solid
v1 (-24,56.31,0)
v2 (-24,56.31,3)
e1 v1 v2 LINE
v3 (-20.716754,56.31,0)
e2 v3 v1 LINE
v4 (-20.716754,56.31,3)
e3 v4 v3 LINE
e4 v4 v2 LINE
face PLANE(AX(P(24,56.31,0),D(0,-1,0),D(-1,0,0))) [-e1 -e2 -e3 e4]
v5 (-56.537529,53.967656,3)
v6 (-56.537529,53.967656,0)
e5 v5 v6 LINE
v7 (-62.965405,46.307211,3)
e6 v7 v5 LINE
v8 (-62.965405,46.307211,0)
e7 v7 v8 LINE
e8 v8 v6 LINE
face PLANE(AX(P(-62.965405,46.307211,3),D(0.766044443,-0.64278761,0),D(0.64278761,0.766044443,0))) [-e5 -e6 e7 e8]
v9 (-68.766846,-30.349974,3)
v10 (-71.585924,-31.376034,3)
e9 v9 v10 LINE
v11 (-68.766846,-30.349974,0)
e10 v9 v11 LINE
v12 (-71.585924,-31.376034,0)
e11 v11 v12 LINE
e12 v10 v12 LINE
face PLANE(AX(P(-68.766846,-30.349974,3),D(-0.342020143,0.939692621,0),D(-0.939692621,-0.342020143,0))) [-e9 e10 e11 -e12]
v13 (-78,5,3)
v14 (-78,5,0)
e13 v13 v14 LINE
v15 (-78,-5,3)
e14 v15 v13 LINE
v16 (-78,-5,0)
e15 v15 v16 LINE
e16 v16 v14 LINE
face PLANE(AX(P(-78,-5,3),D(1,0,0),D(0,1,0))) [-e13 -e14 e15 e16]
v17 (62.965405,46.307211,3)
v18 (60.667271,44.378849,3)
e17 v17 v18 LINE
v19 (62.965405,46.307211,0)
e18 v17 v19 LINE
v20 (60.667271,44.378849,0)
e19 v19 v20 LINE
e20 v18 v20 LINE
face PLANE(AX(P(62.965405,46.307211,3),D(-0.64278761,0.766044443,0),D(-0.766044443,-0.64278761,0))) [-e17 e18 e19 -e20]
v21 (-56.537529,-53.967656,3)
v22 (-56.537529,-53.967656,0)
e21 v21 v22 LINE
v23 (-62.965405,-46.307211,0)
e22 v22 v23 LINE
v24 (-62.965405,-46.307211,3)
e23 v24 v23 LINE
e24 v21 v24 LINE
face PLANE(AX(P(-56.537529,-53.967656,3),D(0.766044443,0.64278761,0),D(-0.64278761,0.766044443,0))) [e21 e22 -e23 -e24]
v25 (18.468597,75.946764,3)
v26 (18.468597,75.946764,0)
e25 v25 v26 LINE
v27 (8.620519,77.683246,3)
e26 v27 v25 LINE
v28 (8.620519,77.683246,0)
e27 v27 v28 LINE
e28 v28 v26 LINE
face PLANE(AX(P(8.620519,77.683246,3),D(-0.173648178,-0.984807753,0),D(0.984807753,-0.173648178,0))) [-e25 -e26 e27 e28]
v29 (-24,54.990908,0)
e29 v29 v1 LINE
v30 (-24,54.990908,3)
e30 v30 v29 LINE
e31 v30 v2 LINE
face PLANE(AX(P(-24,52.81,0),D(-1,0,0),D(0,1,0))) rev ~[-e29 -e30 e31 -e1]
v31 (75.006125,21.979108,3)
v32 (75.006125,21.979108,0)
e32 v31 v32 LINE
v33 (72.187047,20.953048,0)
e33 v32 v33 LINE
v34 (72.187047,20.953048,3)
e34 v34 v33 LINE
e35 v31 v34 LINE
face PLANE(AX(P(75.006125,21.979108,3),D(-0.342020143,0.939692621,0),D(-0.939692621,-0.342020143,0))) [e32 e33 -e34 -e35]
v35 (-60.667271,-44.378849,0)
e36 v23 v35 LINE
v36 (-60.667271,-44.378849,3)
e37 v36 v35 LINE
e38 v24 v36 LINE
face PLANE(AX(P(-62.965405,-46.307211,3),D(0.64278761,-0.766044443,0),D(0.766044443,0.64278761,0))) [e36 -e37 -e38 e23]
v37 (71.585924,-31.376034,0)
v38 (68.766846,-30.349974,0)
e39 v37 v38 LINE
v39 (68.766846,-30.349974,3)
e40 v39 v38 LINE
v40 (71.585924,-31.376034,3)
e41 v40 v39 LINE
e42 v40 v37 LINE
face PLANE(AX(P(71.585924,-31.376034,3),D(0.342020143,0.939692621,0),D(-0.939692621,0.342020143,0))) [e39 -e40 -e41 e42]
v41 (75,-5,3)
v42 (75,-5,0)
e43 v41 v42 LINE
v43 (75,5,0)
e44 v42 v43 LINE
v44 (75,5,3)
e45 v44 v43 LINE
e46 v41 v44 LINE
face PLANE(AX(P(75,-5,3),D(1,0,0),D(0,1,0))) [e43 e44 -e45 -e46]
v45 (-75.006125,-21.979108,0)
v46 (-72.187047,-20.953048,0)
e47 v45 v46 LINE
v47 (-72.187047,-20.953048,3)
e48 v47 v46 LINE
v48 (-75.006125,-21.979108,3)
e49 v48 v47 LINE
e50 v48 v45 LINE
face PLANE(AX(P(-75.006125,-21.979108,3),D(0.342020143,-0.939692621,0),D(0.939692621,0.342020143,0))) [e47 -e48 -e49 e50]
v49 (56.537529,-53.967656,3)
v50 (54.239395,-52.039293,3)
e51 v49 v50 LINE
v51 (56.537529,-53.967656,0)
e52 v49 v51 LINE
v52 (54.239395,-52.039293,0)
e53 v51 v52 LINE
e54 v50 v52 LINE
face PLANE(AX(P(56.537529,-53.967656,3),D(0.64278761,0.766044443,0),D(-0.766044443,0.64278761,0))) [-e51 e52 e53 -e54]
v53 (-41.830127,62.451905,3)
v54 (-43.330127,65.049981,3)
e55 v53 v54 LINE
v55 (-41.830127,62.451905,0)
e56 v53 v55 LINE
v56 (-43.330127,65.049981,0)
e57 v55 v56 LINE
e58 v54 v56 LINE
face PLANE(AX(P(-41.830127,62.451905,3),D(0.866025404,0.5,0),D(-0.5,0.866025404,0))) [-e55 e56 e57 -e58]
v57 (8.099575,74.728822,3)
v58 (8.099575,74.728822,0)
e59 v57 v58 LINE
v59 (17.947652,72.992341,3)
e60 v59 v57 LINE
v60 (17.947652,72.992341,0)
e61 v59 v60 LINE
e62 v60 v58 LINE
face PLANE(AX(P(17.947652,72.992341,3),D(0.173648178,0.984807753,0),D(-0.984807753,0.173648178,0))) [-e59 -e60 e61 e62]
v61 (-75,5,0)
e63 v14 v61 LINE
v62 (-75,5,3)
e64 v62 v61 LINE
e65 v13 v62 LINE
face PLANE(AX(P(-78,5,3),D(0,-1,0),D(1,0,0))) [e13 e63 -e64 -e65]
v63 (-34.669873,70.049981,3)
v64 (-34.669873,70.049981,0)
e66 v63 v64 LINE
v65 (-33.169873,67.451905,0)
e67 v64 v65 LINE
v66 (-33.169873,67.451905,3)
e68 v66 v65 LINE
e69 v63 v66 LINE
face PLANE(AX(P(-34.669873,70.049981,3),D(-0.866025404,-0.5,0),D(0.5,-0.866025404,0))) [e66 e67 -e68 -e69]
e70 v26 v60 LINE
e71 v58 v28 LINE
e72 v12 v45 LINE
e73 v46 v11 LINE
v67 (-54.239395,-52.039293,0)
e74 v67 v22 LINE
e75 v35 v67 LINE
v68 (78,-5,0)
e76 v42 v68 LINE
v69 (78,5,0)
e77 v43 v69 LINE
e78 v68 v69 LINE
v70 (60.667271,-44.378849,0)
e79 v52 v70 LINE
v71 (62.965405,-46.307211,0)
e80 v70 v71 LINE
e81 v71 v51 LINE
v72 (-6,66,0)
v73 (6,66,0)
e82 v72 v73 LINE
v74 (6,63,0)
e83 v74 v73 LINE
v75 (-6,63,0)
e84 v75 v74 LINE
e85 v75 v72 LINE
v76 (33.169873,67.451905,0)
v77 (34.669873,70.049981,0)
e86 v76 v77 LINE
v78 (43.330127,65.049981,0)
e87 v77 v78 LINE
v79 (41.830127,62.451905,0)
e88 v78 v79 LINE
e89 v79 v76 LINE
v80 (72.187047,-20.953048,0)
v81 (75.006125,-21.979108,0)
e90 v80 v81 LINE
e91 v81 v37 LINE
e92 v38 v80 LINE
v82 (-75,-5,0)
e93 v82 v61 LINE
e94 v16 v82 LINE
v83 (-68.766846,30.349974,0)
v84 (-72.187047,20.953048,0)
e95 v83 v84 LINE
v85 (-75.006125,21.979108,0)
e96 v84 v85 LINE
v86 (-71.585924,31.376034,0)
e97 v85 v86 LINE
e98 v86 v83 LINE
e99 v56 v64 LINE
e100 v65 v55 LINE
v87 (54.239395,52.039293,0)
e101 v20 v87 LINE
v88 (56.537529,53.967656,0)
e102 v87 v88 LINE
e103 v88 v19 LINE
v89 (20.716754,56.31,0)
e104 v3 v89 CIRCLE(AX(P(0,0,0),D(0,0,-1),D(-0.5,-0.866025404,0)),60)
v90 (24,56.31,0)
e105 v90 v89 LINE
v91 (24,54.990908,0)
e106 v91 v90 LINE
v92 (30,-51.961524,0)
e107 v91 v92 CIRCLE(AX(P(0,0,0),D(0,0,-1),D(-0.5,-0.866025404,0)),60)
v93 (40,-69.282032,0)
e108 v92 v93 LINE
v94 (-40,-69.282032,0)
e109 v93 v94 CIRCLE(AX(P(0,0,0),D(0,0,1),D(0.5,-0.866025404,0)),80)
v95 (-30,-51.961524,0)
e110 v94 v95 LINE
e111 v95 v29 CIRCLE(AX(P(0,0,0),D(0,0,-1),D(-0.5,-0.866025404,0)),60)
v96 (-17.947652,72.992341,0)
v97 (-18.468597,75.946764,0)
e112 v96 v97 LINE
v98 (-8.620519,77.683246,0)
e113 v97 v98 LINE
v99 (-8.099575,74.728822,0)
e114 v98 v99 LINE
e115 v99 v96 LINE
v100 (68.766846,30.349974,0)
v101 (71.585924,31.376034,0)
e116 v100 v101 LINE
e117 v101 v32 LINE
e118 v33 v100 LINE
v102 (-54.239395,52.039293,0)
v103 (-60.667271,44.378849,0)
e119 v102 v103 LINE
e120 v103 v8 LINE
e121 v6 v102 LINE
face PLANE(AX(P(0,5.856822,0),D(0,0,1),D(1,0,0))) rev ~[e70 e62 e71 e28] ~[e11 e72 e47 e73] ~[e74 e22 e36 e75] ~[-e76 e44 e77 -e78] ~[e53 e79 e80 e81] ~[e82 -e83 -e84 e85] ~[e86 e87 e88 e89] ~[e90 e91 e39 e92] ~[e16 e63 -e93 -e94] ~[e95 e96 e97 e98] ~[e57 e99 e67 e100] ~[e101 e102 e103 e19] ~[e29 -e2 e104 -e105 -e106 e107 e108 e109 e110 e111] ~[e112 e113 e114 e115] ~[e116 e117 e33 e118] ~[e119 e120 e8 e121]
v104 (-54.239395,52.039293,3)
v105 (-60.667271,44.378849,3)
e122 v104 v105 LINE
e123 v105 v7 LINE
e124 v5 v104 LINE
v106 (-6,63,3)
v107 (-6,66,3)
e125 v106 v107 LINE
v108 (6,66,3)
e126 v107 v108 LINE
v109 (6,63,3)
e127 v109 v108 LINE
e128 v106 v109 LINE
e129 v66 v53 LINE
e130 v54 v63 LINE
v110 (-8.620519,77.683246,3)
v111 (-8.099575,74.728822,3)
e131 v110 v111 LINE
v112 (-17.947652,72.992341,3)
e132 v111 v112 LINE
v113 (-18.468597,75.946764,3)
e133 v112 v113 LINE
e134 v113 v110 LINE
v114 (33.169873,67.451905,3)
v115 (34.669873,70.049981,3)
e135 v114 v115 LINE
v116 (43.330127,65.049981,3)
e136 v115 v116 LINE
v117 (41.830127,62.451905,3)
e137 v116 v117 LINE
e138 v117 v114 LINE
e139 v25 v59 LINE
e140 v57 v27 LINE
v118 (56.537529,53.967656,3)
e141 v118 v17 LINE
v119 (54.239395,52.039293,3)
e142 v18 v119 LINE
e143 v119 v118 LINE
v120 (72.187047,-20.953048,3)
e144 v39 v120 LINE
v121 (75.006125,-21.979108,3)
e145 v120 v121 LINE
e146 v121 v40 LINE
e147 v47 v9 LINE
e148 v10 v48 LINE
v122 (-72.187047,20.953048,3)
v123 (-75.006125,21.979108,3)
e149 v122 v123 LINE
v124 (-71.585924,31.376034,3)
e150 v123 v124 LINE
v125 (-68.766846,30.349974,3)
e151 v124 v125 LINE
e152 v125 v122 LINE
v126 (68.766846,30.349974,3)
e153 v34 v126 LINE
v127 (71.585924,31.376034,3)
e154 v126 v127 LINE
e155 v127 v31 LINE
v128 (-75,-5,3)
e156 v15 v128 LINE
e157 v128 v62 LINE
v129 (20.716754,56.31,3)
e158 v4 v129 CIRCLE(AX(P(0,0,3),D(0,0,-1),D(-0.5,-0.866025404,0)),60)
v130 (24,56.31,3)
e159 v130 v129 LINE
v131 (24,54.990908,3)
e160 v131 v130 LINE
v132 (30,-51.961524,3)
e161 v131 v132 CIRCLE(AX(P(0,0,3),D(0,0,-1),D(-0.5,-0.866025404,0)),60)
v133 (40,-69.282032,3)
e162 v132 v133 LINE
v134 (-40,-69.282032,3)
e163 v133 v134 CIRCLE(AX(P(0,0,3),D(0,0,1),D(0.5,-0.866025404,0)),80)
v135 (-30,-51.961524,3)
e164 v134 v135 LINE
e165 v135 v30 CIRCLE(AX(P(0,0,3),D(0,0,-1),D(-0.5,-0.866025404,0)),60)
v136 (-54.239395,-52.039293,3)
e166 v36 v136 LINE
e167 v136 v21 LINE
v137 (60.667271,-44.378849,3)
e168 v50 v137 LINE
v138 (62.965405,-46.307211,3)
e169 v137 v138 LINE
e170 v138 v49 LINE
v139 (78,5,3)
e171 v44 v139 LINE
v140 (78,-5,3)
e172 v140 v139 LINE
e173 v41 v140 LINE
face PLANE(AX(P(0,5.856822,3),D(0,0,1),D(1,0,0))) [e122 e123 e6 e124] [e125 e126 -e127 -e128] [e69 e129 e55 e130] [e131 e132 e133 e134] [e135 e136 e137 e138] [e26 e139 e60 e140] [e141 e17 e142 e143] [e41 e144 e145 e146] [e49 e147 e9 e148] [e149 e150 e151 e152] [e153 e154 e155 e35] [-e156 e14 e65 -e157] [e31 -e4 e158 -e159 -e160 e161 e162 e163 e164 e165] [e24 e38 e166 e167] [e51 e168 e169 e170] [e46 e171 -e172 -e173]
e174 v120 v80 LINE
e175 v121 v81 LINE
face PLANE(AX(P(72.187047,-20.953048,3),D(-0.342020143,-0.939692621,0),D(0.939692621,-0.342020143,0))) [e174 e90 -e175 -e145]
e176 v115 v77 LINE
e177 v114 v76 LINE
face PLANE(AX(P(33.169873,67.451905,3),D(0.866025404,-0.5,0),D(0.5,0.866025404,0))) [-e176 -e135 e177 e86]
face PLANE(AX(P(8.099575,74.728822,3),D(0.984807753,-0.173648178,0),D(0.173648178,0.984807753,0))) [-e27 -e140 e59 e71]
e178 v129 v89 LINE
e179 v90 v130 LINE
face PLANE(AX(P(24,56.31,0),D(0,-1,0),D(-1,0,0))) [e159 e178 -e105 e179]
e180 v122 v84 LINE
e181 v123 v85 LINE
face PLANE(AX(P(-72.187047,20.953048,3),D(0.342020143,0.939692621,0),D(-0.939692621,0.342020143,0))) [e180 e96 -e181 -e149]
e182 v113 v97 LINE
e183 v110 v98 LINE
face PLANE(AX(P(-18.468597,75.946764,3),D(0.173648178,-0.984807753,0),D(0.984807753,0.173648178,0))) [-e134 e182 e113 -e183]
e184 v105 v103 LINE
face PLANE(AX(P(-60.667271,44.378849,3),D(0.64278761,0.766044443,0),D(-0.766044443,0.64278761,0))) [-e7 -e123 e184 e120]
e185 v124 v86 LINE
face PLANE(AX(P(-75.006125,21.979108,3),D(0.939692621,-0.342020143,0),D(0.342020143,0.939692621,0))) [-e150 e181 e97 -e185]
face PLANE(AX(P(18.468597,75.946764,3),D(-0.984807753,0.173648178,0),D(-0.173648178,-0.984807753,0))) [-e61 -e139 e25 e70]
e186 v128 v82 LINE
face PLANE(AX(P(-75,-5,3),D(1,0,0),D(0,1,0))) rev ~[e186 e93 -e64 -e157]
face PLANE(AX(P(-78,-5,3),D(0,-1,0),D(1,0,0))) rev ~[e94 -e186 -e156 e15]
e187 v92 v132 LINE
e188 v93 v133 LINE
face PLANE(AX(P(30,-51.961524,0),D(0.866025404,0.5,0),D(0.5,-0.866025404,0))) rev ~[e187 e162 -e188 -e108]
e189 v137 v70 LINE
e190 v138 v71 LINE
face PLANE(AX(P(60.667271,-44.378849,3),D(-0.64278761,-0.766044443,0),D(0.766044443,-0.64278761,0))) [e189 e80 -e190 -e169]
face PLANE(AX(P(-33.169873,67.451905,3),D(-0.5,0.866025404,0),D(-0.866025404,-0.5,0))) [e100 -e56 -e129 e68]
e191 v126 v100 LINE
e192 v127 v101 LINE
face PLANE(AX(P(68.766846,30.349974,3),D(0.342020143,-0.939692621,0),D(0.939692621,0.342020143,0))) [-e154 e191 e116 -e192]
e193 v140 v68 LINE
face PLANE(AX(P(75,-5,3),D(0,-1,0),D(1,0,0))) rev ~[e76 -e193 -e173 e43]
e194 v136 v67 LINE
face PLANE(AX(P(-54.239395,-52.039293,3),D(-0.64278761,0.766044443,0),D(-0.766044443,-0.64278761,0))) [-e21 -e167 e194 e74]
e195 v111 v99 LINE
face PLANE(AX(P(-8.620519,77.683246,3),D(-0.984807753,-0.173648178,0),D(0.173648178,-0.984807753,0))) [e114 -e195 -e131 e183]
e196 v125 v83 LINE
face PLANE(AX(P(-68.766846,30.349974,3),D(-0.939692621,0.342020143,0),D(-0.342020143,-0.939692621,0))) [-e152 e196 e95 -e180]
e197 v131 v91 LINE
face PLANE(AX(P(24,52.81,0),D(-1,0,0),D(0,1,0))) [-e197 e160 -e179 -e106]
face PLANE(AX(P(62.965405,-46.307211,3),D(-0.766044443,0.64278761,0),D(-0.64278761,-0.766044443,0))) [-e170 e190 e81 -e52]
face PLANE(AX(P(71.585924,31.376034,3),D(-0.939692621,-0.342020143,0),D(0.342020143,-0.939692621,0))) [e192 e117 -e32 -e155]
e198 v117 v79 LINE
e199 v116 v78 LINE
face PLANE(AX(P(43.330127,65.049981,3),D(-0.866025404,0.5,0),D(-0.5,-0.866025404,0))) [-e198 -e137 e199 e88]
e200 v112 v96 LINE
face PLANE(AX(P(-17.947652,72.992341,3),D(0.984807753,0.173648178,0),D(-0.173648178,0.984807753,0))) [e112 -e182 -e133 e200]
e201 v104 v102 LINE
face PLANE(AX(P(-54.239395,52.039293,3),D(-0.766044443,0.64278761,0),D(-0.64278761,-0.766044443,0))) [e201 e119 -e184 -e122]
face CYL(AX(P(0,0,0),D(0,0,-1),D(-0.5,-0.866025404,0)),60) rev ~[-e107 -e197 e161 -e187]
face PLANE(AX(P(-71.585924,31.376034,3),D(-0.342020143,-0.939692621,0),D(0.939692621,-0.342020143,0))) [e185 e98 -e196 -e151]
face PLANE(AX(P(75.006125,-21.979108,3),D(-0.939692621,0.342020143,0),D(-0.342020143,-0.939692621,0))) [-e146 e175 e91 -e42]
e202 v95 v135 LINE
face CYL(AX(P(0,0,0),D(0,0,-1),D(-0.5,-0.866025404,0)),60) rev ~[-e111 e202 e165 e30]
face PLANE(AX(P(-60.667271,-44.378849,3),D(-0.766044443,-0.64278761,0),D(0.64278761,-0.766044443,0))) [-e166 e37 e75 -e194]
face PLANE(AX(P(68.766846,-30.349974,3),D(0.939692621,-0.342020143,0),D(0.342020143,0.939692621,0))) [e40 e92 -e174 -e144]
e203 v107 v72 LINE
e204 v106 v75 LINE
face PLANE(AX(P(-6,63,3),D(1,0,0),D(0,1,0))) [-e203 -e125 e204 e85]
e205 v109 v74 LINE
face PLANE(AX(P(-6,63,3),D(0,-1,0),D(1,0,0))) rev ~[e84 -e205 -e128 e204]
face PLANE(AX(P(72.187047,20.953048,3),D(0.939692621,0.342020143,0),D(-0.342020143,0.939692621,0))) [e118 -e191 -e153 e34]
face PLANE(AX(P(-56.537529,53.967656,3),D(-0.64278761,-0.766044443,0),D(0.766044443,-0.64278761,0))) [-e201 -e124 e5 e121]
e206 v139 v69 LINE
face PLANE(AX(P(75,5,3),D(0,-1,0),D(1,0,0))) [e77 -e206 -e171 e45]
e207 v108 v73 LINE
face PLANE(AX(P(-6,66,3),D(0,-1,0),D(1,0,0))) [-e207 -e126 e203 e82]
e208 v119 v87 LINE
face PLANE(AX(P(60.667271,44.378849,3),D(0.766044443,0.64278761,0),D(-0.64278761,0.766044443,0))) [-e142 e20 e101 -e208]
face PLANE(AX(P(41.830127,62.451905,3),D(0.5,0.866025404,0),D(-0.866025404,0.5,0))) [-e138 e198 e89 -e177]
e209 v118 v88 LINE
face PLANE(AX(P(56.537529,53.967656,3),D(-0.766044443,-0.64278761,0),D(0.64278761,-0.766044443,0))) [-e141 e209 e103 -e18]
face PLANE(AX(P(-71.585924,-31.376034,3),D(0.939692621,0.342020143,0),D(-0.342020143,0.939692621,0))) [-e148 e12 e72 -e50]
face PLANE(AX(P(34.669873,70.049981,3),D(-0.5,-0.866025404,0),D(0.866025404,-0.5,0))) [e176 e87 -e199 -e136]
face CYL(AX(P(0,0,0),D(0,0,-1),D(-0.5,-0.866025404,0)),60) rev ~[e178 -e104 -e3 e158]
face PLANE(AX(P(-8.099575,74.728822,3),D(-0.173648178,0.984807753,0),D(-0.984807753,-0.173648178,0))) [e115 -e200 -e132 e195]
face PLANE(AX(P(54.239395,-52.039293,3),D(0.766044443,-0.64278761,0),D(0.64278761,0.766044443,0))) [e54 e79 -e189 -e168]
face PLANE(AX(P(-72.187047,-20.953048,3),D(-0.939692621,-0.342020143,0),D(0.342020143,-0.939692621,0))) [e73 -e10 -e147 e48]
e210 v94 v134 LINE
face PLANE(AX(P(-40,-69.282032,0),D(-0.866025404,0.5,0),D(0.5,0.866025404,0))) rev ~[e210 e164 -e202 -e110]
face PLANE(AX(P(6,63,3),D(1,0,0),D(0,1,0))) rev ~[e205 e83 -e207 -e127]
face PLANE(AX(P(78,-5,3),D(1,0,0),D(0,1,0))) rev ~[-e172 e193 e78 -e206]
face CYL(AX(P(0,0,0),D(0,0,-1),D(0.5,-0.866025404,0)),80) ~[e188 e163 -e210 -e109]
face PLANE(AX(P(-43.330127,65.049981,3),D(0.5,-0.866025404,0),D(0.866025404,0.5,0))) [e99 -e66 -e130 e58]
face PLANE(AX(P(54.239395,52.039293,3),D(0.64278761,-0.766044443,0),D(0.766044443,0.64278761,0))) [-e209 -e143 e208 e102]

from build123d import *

# Parameters (mm, degrees)
P_IDAT_VYSUNUT_M1_DEPTH  = 3
SKICA3_W                 = 12
SKICA3_H                 = 3
SKICA3_W_2               = 3
SKICA3_H_2               = 10
ODEBRAT_VYSUNUT_M1_DEPTH = 3
SKICA4_W                 = 48
SKICA4_H                 = 3.5
ODEBRAT_VYSUNUT_M3_DEPTH = 3


with BuildPart() as part:
    # Skica1 → Přidat vysunutím1 (new body)
    with BuildSketch(Plane.XY):
        with BuildLine():
            Line((-40, -69.282032303), (-30, -51.961524227))
            ThreePointArc((-30, -51.961524227), (0, 60), (30, -51.961524227))
            Line((30, -51.961524227), (40, -69.282032303))
            ThreePointArc((40, -69.282032303), (0, 80), (-40, -69.282032303))
        make_face()
    extrude(amount=P_IDAT_VYSUNUT_M1_DEPTH)

    # Skica3 → Odebrat vysunutím1 (cut)
    with BuildSketch(Plane.XY.offset(3)):
        Polygon((-43.330127019, 65.049981495), (-34.669872981, 70.049981495), (-33.169872981, 67.451905284), (-41.830127019, 62.451905284), align=None)
        with Locations((0, 64.5)):
            Rectangle(SKICA3_W, SKICA3_H)
        Polygon((-18.468596623, 75.946763847), (-8.620519093, 77.683245623), (-8.09957456, 74.728822364), (-17.94765209, 72.992340588), align=None)
        Polygon((8.620519093, 77.683245623), (18.468596623, 75.946763847), (17.94765209, 72.992340588), (8.09957456, 74.728822364), align=None)
        Polygon((34.669872981, 70.049981495), (43.330127019, 65.049981495), (41.830127019, 62.451905284), (33.169872981, 67.451905284), align=None)
        Polygon((56.537528515, 53.967655771), (62.965404612, 46.30721134), (60.667271282, 44.378848511), (54.239395185, 52.039292942), align=None)
        Polygon((71.585923705, 31.376034283), (75.006125138, 21.979108075), (72.187047276, 20.953047646), (68.766845842, 30.349973853), align=None)
        with Locations((76.5, 0)):
            Rectangle(SKICA3_W_2, SKICA3_H_2)
        Polygon((75.006125138, -21.979108075), (71.585923705, -31.376034283), (68.766845842, -30.349973853), (72.187047276, -20.953047645), align=None)
        Polygon((62.965404612, -46.30721134), (56.537528515, -53.967655771), (54.239395186, -52.039292942), (60.667271282, -44.378848511), align=None)
        Polygon((-56.537528515, -53.967655771), (-62.965404612, -46.30721134), (-60.667271282, -44.378848511), (-54.239395185, -52.039292942), align=None)
        Polygon((-71.585923705, -31.376034283), (-75.006125138, -21.979108075), (-72.187047276, -20.953047645), (-68.766845842, -30.349973853), align=None)
        with Locations((-76.5, 0)):
            Rectangle(SKICA3_W_2, SKICA3_H_2)
        Polygon((-75.006125138, 21.979108075), (-71.585923705, 31.376034283), (-68.766845842, 30.349973853), (-72.187047276, 20.953047645), align=None)
        Polygon((-62.965404612, 46.30721134), (-56.537528515, 53.967655771), (-54.239395185, 52.039292942), (-60.667271282, 44.378848511), align=None)
    extrude(amount=-ODEBRAT_VYSUNUT_M1_DEPTH, mode=Mode.SUBTRACT)

    # Skica4 → Odebrat vysunutím3 (cut)
    with BuildSketch(Plane(origin=(0, 0, 0), x_dir=(-1, 0, 0), z_dir=(0, 0, -1))):
        with Locations((0, 54.56)):
            Rectangle(SKICA4_W, SKICA4_H)
    extrude(amount=-ODEBRAT_VYSUNUT_M3_DEPTH, mode=Mode.SUBTRACT)


solid = part.part
